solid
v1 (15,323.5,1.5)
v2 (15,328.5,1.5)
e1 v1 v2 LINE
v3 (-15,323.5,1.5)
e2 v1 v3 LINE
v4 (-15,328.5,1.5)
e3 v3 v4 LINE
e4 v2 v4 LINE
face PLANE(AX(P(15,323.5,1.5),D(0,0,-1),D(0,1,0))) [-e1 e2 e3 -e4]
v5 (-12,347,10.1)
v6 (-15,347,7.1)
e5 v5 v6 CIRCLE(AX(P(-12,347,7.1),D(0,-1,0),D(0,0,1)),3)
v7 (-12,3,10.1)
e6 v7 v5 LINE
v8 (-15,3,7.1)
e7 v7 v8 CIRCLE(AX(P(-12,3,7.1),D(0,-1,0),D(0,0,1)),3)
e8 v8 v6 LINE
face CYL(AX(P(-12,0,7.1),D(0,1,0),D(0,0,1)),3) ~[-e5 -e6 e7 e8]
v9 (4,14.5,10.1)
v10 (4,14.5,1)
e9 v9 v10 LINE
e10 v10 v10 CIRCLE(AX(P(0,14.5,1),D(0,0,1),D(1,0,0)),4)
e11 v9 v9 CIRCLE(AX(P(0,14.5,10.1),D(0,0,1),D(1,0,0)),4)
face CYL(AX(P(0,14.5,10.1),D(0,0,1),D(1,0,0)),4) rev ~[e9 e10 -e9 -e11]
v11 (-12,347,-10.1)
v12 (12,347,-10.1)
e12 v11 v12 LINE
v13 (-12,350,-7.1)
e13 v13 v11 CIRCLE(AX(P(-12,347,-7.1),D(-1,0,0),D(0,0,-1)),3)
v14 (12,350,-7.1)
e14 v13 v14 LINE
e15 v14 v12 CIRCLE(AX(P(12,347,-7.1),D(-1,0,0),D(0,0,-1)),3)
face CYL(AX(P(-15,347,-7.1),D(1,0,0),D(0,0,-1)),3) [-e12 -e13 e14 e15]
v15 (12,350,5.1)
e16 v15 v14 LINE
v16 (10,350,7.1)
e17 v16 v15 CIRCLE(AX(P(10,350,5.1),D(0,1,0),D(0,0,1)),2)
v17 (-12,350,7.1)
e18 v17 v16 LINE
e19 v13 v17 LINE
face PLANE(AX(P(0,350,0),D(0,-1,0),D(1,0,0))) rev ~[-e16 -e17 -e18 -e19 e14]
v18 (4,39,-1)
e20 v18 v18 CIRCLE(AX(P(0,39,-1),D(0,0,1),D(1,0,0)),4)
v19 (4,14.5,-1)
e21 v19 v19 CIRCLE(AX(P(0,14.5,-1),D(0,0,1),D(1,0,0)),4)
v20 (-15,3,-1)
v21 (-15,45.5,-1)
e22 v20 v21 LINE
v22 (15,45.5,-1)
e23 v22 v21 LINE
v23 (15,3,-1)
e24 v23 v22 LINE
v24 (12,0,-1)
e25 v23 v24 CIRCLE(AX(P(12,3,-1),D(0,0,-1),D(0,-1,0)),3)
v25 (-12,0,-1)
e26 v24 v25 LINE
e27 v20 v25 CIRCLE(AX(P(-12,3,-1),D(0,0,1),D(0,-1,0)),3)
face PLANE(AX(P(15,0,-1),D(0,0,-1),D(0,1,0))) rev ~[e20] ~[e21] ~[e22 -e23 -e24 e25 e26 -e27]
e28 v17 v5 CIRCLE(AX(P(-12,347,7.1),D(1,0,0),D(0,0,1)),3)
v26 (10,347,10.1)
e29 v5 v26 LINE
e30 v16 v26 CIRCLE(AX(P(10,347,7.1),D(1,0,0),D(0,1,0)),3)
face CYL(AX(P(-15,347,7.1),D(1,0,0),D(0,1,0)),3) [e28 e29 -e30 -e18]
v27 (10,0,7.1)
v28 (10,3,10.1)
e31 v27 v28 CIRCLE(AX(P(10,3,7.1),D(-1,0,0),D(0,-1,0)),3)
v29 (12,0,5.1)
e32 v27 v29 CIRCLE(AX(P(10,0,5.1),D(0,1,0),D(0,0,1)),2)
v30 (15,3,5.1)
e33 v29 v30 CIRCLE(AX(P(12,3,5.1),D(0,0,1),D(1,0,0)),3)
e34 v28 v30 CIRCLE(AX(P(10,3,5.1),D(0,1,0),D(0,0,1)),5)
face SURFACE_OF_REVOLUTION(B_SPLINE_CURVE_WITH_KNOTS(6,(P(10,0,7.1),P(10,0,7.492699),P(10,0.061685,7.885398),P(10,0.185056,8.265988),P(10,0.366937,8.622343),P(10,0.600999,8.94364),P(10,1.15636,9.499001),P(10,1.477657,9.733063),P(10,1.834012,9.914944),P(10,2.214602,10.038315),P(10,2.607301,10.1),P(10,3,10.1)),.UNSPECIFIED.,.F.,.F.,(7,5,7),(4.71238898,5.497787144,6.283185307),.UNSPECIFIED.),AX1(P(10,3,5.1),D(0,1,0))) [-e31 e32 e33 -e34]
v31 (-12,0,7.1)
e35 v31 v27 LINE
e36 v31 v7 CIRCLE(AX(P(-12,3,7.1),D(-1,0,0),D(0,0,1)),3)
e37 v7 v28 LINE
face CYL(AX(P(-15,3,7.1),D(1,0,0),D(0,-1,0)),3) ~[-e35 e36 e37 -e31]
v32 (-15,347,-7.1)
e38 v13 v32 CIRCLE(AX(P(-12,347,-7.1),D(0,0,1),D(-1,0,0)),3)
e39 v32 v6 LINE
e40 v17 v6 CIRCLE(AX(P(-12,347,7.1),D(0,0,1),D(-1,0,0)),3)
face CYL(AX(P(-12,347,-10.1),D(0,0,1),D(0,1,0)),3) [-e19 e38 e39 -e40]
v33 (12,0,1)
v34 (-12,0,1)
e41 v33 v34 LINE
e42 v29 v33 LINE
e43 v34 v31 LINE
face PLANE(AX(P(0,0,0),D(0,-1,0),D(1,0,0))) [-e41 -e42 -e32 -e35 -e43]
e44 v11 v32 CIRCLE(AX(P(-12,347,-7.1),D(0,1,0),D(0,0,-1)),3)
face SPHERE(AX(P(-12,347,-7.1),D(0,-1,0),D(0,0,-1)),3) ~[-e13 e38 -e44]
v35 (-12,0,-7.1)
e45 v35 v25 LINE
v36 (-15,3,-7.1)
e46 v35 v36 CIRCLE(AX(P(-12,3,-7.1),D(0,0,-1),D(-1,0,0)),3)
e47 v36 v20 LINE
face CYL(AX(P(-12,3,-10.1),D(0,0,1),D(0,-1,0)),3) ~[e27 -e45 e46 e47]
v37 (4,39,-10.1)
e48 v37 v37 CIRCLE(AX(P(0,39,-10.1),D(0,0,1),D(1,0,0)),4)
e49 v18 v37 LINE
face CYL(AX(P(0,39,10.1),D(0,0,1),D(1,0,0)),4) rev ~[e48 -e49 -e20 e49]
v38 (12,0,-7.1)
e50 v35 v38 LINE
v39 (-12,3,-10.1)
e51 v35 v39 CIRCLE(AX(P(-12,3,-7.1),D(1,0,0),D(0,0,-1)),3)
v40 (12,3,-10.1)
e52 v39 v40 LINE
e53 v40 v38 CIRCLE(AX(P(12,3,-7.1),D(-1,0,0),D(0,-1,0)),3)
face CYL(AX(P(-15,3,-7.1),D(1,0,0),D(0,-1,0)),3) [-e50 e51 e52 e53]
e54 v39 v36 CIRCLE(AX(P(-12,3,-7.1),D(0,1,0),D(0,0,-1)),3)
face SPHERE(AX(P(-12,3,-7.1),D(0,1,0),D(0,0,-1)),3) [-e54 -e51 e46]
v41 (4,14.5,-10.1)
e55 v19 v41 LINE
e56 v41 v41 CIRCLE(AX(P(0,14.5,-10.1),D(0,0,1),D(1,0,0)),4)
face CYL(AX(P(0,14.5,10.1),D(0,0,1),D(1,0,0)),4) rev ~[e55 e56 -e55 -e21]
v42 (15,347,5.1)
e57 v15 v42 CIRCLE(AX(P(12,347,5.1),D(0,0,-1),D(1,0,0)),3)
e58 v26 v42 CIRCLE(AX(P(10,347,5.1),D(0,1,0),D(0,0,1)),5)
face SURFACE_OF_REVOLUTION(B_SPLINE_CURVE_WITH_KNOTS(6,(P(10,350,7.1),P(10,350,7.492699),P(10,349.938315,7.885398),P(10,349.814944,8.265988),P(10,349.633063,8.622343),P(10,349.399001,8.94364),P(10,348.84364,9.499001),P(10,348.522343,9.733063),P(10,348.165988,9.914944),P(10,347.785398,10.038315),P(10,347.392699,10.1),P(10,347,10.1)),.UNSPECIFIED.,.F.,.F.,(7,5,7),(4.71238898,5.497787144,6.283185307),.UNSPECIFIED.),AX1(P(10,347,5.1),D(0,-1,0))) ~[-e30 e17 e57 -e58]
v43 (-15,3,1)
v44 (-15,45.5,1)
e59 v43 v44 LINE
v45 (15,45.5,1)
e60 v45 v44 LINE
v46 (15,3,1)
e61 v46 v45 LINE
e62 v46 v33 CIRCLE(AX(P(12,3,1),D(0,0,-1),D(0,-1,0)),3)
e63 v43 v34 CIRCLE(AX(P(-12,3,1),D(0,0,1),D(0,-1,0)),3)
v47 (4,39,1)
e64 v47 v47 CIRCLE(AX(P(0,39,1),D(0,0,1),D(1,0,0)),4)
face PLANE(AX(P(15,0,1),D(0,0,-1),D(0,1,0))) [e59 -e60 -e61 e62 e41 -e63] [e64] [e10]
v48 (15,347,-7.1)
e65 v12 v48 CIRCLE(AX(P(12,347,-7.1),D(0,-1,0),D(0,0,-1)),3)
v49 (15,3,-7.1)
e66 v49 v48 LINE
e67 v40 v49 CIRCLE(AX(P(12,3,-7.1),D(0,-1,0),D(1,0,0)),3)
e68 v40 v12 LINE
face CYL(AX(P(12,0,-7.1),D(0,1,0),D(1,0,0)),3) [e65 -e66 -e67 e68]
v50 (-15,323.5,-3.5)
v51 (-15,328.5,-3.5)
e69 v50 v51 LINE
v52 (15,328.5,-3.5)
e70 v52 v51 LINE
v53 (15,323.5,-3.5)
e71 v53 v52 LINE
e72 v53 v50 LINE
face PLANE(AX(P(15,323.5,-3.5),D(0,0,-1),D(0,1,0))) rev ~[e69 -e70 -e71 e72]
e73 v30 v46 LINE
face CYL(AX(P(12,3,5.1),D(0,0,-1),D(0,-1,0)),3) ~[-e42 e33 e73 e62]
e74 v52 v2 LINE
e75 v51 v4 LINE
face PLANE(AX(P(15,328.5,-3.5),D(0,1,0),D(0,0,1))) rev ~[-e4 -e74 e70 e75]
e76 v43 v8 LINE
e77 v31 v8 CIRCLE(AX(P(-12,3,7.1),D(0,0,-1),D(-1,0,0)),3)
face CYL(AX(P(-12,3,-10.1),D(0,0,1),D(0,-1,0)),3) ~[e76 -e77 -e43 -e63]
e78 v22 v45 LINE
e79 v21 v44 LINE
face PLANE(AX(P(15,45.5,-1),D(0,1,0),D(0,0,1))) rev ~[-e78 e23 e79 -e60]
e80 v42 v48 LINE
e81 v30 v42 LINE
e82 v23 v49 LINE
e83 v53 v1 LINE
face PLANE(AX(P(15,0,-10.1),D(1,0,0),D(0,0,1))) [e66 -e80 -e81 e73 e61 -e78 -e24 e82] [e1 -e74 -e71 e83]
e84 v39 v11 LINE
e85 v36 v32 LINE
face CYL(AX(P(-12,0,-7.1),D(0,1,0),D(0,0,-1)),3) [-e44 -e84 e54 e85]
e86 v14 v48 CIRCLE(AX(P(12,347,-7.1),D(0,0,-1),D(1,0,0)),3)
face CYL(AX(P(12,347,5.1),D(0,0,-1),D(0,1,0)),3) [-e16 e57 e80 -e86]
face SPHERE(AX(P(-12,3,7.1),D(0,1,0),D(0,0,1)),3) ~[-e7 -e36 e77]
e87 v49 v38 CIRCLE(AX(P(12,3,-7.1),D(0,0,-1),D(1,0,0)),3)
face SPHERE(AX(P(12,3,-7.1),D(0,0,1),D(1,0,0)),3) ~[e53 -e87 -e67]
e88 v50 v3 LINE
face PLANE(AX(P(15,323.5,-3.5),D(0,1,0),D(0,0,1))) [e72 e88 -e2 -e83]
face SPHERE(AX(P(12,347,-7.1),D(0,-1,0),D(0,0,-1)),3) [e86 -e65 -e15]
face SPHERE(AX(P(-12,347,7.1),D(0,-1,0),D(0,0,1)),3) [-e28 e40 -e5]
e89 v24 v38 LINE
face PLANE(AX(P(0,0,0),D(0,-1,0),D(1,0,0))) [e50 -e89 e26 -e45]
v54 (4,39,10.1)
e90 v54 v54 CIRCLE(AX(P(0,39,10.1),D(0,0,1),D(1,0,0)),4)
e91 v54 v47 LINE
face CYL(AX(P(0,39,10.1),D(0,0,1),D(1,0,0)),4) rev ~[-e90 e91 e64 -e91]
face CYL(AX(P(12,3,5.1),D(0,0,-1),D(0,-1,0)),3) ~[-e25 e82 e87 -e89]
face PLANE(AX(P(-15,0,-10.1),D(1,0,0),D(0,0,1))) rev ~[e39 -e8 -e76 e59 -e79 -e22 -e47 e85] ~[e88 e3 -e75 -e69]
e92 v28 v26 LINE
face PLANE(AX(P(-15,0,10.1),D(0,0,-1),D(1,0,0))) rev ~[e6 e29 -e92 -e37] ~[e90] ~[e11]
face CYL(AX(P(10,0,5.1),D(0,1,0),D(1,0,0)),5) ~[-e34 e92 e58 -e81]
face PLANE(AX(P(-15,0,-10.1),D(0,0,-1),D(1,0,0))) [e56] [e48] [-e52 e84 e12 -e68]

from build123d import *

# Parameters (mm, degrees)
F0_W      = 30
F0_H      = 20.2
F1_DEPTH  = 350
F2_R      = 5
F3_R      = 3
F4_W      = 45.5
F4_H      = 2
F5_DEPTH  = 30.001
F6_W      = 5
F6_H      = 5
F7_DEPTH  = 30.001
F8_R      = 4
F9_DEPTH  = 20.201
F10_DEPTH = 30.001


with BuildPart() as f1:
    # F0 (on Front) → F1 (new body)
    with BuildSketch(Plane.XZ):
        Rectangle(F0_W, F0_H)
    extrude(amount=-F1_DEPTH)

    # F2
    f2_edges = [f1.edges().sort_by_distance(p)[0] for p in [
        (15, 175, 10.1),
    ]]
    fillet(f2_edges, radius=F2_R)

    # F3
    f3_edges = [f1.edges().sort_by_distance(p)[0] for p in [
        (-15, 175, 10.1),
        (-2.5, 0, 10.1),
        (-15, 175, -10.1),
        (15, 175, -10.1),
        (0, 0, -10.1),
        (0, 350, -10.1),
        (-15, 0, 0),
        (-2.5, 350, 10.1),
        (-15, 350, 0),
    ]]
    fillet(f3_edges, radius=F3_R)

    # F4 (on face) → F5 (cut, through all)
    with BuildSketch(Plane.YZ.offset(15)):
        with Locations((22.75, 0)):
            Rectangle(F4_W, F4_H)
    extrude(amount=-F5_DEPTH, mode=Mode.SUBTRACT)

    # F6 (on face) → F7 (cut, through all)
    with BuildSketch(Plane.YZ.offset(15)):
        with Locations((326, -1)):
            Rectangle(F6_W, F6_H)
    extrude(amount=-F7_DEPTH, mode=Mode.SUBTRACT)

    # F8 (on face) → F9 (cut, through all)
    with BuildSketch(Plane.XY.offset(10.1)):
        with Locations((0, 14.5)):
            Circle(F8_R)
        with Locations((0, 39)):
            Circle(F8_R)
    extrude(amount=-F9_DEPTH, mode=Mode.SUBTRACT)

    # F6 (on face) → F10 (cut, through all)
    with BuildSketch(Plane.YZ.offset(15)):
        with Locations((326, -1)):
            Rectangle(F6_W, F6_H)
    extrude(amount=-F10_DEPTH, mode=Mode.SUBTRACT)


solid = f1.part
